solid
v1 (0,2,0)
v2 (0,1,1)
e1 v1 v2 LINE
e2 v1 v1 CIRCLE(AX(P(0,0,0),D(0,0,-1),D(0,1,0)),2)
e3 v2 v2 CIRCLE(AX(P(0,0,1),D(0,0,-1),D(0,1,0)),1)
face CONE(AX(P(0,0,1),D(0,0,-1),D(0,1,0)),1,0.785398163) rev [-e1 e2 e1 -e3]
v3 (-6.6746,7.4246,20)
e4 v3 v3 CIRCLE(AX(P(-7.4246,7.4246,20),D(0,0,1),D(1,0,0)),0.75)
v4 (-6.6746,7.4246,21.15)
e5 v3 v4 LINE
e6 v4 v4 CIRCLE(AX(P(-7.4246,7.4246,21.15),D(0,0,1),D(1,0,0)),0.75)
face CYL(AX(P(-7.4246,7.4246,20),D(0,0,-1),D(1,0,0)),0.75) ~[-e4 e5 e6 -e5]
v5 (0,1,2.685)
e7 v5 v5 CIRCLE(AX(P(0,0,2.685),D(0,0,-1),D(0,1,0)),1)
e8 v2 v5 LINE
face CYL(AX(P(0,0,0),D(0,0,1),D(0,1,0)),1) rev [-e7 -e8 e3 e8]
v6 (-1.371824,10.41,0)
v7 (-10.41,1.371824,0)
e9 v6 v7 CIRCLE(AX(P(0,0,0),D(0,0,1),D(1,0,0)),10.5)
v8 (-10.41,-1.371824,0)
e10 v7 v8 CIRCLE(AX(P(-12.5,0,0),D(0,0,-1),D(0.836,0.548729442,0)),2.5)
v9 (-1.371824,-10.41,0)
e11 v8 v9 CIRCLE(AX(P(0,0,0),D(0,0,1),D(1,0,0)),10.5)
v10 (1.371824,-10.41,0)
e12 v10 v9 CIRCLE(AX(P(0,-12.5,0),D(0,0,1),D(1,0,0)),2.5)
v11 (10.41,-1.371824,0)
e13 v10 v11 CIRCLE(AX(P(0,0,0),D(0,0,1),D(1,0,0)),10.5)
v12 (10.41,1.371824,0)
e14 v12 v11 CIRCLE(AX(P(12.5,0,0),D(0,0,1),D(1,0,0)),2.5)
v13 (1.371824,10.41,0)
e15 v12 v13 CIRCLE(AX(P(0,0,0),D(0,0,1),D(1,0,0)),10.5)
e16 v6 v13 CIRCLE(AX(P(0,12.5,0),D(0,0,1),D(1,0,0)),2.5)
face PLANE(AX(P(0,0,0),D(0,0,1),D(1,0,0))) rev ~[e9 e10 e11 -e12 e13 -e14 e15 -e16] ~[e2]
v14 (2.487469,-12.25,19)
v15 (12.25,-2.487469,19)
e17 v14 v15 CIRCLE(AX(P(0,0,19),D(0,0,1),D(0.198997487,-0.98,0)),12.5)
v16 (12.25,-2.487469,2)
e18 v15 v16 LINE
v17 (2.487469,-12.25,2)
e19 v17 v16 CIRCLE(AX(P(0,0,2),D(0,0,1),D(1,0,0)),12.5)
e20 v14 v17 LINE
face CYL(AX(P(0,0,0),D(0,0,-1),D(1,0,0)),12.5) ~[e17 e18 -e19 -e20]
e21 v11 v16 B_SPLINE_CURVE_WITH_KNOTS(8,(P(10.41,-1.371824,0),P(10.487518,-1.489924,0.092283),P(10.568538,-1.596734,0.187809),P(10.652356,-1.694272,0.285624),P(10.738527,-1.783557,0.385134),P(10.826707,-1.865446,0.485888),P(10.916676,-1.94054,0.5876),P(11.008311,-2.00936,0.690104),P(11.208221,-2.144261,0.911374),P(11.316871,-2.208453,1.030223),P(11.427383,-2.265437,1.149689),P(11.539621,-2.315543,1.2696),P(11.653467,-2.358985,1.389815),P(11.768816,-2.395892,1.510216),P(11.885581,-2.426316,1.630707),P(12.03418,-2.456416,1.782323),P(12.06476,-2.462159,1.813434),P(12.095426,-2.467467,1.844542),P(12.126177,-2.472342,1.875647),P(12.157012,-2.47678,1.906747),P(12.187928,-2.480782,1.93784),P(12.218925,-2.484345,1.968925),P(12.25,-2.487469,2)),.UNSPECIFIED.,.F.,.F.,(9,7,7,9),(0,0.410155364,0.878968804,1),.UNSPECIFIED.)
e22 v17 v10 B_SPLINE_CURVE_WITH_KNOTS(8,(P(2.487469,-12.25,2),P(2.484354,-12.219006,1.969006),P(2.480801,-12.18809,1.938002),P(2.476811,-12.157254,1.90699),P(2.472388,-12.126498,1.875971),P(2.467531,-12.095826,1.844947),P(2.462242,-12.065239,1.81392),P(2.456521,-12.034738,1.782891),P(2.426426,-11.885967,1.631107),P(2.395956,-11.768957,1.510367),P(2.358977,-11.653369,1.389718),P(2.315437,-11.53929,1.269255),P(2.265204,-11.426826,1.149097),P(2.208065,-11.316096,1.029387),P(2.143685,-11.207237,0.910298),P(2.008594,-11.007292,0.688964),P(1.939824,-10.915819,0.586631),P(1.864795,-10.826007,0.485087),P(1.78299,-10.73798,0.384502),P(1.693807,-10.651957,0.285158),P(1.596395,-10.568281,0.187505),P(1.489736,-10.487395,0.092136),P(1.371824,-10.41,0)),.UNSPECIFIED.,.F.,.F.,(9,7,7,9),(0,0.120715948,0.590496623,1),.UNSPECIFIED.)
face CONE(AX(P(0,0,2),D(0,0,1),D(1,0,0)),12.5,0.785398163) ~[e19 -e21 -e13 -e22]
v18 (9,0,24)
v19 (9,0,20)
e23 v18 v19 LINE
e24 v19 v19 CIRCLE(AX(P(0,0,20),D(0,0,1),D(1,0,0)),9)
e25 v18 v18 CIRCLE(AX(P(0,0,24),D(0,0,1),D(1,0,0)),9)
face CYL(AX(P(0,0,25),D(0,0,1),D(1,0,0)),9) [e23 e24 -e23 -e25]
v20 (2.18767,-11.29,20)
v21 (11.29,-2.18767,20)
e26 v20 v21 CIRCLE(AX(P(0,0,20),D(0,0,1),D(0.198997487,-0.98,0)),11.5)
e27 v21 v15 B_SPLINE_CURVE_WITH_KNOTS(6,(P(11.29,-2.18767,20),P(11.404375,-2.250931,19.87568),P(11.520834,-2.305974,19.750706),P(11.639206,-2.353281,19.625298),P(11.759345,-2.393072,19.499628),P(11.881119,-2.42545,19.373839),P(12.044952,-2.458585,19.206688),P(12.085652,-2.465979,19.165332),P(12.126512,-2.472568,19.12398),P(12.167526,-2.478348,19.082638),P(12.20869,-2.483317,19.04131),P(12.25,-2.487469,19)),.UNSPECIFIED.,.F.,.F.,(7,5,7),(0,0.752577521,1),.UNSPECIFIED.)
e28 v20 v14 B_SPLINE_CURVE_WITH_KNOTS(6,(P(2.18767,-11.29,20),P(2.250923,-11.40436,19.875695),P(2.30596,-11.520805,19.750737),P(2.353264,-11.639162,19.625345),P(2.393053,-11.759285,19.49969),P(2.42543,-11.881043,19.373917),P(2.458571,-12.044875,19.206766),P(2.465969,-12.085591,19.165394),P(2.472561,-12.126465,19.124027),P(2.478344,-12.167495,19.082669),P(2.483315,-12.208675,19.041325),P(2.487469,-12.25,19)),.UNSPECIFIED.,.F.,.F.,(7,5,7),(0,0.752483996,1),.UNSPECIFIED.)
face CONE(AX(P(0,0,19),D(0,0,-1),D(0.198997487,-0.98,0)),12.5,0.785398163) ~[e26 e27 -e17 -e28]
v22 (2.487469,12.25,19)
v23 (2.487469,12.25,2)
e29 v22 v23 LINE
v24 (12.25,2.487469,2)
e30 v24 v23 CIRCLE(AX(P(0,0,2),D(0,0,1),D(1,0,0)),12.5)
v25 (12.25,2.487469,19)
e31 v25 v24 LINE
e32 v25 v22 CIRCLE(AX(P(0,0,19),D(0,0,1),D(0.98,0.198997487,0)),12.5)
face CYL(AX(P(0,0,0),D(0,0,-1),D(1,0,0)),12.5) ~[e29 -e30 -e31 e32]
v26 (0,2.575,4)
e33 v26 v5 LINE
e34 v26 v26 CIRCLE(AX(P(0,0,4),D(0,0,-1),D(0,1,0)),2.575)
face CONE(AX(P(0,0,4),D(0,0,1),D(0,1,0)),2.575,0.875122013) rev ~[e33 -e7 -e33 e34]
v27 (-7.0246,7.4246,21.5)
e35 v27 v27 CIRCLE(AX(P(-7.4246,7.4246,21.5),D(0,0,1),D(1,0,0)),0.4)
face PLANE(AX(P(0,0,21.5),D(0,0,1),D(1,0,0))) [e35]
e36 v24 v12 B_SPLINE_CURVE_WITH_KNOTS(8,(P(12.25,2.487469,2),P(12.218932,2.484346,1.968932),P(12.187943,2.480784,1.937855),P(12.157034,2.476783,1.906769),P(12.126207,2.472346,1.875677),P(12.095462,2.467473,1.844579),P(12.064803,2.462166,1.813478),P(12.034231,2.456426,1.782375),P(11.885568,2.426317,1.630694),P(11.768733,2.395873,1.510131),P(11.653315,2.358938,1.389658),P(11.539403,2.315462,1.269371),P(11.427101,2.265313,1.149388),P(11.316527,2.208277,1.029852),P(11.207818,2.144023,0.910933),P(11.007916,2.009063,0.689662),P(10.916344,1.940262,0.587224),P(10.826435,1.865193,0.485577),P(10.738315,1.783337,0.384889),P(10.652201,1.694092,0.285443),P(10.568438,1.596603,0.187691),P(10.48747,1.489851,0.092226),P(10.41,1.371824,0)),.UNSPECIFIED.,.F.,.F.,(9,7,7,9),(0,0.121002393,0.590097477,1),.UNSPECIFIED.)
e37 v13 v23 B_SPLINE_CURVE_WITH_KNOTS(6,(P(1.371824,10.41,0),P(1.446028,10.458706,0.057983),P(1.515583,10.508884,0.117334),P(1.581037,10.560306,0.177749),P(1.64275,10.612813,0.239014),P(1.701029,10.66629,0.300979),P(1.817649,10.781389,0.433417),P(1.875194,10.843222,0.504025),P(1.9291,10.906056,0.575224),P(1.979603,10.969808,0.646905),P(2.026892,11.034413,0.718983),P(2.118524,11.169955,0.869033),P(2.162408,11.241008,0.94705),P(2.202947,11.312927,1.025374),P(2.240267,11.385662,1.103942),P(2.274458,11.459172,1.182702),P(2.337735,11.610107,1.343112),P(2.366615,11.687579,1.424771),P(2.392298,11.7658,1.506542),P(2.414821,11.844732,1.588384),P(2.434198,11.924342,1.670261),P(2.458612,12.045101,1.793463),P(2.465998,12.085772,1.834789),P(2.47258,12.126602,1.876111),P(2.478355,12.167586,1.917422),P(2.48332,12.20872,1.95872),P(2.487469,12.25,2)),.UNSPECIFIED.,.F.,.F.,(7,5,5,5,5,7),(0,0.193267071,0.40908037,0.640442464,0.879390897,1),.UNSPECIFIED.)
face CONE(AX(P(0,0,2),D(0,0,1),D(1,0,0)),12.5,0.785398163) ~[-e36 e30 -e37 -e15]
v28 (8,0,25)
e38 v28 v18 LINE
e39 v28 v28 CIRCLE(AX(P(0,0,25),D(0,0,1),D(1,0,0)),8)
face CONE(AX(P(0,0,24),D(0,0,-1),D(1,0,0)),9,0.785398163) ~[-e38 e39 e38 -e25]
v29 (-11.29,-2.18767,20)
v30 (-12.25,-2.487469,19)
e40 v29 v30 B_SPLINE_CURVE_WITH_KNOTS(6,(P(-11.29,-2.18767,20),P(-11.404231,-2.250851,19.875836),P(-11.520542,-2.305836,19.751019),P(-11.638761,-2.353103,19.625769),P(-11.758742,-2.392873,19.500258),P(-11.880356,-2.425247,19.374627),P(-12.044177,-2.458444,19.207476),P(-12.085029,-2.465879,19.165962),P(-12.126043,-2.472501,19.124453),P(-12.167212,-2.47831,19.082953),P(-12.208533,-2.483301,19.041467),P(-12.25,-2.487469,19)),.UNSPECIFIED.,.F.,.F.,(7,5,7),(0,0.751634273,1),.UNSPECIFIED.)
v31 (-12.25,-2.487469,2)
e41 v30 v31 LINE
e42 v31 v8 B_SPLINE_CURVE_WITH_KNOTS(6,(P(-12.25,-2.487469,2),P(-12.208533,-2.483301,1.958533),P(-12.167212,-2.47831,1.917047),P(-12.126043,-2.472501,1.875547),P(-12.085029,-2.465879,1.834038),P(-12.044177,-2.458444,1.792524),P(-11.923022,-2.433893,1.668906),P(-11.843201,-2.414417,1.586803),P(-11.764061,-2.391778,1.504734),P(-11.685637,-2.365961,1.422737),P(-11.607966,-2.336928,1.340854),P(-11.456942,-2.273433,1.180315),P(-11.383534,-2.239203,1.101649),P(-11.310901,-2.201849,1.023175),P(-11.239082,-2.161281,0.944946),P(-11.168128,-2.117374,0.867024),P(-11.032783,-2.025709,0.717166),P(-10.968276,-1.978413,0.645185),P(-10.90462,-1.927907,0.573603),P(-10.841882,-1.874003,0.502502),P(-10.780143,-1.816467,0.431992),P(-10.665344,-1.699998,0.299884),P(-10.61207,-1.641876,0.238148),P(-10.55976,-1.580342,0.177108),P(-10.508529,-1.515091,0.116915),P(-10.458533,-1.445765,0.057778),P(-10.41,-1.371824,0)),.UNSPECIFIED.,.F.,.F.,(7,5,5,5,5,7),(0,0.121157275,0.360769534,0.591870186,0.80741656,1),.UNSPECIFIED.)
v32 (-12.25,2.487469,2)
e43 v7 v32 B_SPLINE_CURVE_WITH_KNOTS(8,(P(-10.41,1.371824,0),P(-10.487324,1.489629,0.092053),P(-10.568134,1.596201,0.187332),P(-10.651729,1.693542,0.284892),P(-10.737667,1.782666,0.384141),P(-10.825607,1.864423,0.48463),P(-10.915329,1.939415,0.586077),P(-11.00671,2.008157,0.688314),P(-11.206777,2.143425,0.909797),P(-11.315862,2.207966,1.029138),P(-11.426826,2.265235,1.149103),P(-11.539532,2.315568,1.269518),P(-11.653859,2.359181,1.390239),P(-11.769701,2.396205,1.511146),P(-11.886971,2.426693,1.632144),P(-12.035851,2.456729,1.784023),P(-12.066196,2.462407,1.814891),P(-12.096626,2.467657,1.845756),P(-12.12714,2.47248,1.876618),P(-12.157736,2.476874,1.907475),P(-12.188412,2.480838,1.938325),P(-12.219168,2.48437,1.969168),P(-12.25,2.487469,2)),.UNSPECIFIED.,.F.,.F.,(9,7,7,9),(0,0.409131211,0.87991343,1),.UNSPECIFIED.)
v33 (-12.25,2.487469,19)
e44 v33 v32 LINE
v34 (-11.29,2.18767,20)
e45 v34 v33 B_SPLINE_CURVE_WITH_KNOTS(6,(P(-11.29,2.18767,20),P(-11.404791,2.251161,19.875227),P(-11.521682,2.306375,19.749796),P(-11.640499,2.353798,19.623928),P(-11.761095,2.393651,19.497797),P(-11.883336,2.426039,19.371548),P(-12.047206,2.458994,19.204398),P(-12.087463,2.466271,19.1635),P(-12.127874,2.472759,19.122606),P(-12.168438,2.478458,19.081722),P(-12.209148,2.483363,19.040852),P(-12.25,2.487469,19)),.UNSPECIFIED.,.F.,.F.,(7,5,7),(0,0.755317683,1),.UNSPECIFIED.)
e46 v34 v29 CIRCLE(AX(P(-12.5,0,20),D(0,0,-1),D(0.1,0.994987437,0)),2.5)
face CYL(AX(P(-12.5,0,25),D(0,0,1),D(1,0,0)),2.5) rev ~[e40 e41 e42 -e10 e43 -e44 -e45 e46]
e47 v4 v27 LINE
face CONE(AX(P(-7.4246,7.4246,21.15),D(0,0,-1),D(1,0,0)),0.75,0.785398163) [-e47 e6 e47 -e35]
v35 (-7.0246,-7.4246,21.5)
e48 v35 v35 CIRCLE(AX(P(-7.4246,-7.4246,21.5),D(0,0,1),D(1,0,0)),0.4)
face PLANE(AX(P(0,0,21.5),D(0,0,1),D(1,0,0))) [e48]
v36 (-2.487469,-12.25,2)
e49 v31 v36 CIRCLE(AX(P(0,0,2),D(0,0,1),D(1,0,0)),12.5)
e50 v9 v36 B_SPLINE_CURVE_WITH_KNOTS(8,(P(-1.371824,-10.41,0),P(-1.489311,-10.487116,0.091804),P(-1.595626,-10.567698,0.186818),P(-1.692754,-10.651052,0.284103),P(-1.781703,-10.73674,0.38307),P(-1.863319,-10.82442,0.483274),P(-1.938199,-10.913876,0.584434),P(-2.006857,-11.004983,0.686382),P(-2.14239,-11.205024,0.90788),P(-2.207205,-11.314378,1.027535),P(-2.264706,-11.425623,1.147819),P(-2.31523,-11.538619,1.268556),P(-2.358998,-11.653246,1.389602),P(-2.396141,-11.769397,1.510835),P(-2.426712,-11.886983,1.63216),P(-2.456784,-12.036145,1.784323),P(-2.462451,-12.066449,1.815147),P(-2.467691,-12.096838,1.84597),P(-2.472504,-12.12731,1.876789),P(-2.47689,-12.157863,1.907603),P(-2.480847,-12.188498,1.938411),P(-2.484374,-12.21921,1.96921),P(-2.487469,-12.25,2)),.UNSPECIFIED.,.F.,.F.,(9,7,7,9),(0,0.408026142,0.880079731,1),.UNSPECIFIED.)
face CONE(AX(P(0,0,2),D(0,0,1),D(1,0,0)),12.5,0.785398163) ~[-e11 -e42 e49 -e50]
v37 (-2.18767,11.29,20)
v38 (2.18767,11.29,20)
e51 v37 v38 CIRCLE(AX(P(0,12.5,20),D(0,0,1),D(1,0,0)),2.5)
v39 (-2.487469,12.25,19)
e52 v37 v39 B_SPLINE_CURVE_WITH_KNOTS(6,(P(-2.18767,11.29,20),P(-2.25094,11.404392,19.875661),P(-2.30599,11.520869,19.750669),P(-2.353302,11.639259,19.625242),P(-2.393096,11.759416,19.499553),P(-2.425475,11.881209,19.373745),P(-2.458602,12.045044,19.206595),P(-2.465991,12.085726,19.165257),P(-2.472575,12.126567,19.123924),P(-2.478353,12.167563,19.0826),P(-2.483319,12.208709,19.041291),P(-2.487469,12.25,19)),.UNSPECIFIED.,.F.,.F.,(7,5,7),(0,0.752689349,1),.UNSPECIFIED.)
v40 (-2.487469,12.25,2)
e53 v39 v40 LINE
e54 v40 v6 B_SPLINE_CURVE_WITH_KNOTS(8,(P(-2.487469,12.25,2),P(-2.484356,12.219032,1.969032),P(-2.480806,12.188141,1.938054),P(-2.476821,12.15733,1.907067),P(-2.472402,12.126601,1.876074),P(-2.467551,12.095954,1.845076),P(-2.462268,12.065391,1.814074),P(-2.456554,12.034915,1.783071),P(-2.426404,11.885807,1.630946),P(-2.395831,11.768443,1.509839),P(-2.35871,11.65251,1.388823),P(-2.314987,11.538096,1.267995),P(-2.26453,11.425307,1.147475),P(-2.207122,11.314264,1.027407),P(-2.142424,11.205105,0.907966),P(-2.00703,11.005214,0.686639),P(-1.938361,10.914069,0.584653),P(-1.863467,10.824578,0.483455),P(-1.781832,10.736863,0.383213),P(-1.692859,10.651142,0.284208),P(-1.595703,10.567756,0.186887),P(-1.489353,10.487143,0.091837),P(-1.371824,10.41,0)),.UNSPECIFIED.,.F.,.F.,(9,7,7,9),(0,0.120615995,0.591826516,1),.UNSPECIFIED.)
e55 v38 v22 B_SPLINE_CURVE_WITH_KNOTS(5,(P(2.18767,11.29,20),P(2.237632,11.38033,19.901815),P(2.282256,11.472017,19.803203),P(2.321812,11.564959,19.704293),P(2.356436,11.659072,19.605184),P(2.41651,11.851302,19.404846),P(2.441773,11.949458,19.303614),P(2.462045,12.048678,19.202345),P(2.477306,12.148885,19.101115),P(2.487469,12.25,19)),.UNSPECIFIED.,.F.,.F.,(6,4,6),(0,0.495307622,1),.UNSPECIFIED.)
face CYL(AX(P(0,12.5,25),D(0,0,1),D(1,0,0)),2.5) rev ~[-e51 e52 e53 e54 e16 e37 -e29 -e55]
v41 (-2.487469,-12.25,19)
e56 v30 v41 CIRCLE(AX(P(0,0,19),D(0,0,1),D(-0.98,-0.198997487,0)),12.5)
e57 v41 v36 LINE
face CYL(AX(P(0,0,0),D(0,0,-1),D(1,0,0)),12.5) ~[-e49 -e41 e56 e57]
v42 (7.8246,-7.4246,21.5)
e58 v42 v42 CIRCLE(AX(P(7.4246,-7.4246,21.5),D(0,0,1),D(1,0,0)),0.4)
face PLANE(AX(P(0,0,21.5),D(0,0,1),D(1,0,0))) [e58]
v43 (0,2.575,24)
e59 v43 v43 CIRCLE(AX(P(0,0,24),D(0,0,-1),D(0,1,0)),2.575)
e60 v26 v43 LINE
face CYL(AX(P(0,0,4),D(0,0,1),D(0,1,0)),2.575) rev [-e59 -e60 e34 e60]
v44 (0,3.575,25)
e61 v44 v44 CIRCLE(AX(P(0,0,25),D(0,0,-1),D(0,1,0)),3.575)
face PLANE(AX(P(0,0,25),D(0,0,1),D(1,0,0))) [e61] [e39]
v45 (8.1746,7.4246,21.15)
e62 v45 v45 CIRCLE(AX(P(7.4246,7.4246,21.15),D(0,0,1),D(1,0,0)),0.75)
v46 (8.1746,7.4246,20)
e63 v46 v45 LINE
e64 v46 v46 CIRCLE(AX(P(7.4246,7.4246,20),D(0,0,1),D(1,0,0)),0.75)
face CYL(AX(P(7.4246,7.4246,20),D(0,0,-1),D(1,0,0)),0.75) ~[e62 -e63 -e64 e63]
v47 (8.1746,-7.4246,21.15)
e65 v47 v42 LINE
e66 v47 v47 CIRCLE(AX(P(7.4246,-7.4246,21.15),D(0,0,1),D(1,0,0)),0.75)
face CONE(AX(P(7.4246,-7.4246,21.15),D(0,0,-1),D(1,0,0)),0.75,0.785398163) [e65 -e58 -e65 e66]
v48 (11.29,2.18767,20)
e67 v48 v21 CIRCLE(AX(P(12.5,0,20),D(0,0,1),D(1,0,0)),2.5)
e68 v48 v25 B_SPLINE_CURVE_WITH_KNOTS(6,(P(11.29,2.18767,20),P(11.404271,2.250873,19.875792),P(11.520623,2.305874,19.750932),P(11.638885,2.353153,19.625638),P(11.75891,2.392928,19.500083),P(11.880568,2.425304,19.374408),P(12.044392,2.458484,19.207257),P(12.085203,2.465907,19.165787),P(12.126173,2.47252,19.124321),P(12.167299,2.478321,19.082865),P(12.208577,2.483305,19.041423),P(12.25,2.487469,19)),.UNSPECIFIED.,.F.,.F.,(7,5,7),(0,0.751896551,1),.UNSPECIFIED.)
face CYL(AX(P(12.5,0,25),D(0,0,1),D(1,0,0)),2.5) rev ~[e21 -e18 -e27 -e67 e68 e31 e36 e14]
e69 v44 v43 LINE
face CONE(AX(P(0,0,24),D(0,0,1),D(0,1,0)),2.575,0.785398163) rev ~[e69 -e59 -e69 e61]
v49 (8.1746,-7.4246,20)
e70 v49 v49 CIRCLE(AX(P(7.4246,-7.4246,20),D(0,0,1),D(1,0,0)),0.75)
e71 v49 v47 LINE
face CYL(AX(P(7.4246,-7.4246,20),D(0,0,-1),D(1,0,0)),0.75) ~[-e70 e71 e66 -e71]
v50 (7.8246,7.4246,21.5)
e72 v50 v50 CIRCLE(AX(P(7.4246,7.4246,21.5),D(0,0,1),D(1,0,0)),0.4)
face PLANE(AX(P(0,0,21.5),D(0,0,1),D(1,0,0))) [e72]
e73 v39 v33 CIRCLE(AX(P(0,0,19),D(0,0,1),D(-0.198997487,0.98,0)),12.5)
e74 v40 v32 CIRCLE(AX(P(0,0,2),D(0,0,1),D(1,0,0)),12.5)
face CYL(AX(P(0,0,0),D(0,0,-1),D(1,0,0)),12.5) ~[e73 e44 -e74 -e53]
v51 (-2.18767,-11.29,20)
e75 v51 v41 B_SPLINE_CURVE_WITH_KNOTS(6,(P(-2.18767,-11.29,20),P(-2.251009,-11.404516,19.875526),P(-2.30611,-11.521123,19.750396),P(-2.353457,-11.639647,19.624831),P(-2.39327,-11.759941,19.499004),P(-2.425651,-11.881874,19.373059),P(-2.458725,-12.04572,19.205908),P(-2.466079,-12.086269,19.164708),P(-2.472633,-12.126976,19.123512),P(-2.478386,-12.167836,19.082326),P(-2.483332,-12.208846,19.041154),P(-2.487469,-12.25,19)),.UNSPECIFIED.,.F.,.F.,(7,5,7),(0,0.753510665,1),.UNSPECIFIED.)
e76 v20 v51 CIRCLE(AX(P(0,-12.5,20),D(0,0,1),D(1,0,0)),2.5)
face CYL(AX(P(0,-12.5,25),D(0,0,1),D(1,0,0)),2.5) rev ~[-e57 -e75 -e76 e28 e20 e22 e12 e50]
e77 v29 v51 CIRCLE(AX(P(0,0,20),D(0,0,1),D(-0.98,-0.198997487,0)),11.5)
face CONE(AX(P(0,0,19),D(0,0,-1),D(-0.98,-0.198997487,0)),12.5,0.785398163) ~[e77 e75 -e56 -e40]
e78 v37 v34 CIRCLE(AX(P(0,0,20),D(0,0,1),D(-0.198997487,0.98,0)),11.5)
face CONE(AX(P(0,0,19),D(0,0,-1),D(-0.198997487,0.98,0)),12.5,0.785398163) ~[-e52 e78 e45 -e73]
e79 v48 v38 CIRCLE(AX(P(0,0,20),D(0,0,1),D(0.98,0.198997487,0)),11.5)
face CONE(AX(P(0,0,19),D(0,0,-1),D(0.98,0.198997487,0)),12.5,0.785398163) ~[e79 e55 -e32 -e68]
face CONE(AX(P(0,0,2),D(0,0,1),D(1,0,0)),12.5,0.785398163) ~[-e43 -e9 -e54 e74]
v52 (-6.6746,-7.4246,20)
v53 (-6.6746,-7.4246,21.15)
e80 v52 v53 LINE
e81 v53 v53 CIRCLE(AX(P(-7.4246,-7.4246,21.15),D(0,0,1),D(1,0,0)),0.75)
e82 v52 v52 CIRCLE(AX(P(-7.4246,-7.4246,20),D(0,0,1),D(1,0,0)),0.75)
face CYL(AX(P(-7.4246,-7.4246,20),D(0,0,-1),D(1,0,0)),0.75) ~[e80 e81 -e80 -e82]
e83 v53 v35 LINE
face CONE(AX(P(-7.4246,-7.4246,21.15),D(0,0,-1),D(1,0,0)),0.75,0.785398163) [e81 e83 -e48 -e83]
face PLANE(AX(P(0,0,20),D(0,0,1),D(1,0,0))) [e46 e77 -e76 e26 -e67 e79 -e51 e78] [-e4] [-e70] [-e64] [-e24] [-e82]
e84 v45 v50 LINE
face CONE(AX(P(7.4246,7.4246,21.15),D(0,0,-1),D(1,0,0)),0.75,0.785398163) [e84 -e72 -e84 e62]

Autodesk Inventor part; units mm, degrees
ref_plane "YZ Plane" through (0, 0, 0) normal (1, 0, 0) x (0, 1, 0)
ref_plane "XZ Plane" through (0, 0, 0) normal (0, 1, 0) x (-1, 0, 0)
ref_plane "XY Plane" through (0, 0, 0) normal (0, 0, 1) x (1, 0, 0)
sketch "Sketch1" plane through (0, 0, 0) normal (0, 0, 1) x (1, 0, 0)
  circle A0 centre (0, 0) radius 12.5
  dimension "d0" = 25
extrude "Extrusion1" add sketch "Sketch1" along normal blind 25
chamfer "Chamfer2" distance 2 angle 45 1 edges at (-12.5, 0, 0)
sketch "Sketch2" plane through (0, 0, 0) normal (1, 0, 0) x (0, 1, 0)
  line L0 (0, 0) -> (1, 0)
  line L1 (1, 0) -> (1, 4)
  line L2 (1, 4) -> (0, 4)
  line L3 (0, 4) -> (0, 0)
  line L4 (12.5, 25) -> (-12.5, 25) projected
  line L5 (0, 4) -> (2.575, 4)
  line L6 (2.575, 4) -> (2.575, 25)
  line L7 (2.575, 25) -> (0, 25)
  line L8 (0, 25) -> (0, 4)
  line L9 (2.575, 4) -> (1, 2.685)
  line L10 (1, 2.685) -> (0, 1.85) construction
  dimension "d9" = 1
  dimension "d10" = 2.575
  dimension "d11" = 4
  dimension "d42" = 2.15
revolve "Revolution1" cut sketch "Sketch2" angle 360 about axis through (0, 0, 25) along (0, 0, -1)
chamfer "Chamfer3" distance 1 angle 45 2 edges at (0, -1, 0) (0, -2.575, 25)
sketch "Sketch3" plane through (0, 0, 25) normal (0, 0, 1) x (1, 0, 0)
  circle A0 centre (0, 0) radius 9
  line L0 (0, 0) -> (26.029, 0) construction
  circle A1 centre (0, 0) radius 12.5 construction
  circle A2 centre (12.5, 0) radius 2.5
  circle A3 centre (0, 12.5) radius 2.5
  circle A4 centre (-12.5, 0) radius 2.5
  circle A5 centre (0, -12.5) radius 2.5
  circle A6 centre (0, 0) radius 12.5
  point P0 (-2.4875, 12.25)
  point P1 (-12.25, 2.4875)
  point P2 (-12.25, -2.4875)
  point P3 (-2.4875, -12.25)
  point P4 (2.4875, -12.25)
  point P5 (12.25, -2.4875)
  point P6 (12.25, 2.4875)
  point P7 (2.4875, 12.25)
  dimension "d16" = 5
  dimension "d19" = 360
  dimension "d21" = 25
  dimension "d22" = 18
extrude "Extrusion2" cut sketch "Sketch3" against normal through all contours A2 A6 | A6 A2 | A6 A3 | A3 A6 | A6 A5 | A5 A6 | A6 A4 | A4 A6
extrude "Extrusion3" cut sketch "Sketch3" against normal blind 5 contours A2 A6 A5 A4 A3
chamfer "Chamfer4" distance 1 angle 45 5 edges at (-9, 0, 25) (-8.8388, -8.8388, 20) (8.8388, -8.8388, 20) (8.8388, 8.8388, 20) (-8.8388, 8.8388, 20)
sketch "Sketch4" plane through (0, 0, 20) normal (0, 0, 1) x (1, 0, 0)
  line L0 (0, 0) -> (-18.6595, 0) construction
  line L1 (0, 0) -> (0, 25.4609) construction
  circle A0 centre (0, 0) radius 2.575 construction
  line L2 (0, 0) -> (-16.5294, 16.5294) construction
  circle A1 centre (-7.4246, 7.4246) radius 0.75
  circle A2 centre (0, 0) radius 3.575 construction
  circle A3 centre (0, 0) radius 10.5 construction
  circle A4 centre (-7.4246, -7.4246) radius 0.75
  circle A5 centre (7.4246, -7.4246) radius 0.75
  circle A6 centre (7.4246, 7.4246) radius 0.75
  point P0 (0, 0)
  dimension "d31" = 21
  dimension "d30" = 45
  dimension "d32" = 1.5
  dimension "d35" = 360
extrude "Extrusion4" add sketch "Sketch4" along normal blind 1.5
chamfer "Chamfer5" distance 0.35 angle 45 4 edges at (6.6746, 7.4246, 21.5) (-8.1746, 7.4246, 21.5) (-8.1746, -7.4246, 21.5) (6.6746, -7.4246, 21.5)
properties part number "centrifugetool_5mm_base_v2"
